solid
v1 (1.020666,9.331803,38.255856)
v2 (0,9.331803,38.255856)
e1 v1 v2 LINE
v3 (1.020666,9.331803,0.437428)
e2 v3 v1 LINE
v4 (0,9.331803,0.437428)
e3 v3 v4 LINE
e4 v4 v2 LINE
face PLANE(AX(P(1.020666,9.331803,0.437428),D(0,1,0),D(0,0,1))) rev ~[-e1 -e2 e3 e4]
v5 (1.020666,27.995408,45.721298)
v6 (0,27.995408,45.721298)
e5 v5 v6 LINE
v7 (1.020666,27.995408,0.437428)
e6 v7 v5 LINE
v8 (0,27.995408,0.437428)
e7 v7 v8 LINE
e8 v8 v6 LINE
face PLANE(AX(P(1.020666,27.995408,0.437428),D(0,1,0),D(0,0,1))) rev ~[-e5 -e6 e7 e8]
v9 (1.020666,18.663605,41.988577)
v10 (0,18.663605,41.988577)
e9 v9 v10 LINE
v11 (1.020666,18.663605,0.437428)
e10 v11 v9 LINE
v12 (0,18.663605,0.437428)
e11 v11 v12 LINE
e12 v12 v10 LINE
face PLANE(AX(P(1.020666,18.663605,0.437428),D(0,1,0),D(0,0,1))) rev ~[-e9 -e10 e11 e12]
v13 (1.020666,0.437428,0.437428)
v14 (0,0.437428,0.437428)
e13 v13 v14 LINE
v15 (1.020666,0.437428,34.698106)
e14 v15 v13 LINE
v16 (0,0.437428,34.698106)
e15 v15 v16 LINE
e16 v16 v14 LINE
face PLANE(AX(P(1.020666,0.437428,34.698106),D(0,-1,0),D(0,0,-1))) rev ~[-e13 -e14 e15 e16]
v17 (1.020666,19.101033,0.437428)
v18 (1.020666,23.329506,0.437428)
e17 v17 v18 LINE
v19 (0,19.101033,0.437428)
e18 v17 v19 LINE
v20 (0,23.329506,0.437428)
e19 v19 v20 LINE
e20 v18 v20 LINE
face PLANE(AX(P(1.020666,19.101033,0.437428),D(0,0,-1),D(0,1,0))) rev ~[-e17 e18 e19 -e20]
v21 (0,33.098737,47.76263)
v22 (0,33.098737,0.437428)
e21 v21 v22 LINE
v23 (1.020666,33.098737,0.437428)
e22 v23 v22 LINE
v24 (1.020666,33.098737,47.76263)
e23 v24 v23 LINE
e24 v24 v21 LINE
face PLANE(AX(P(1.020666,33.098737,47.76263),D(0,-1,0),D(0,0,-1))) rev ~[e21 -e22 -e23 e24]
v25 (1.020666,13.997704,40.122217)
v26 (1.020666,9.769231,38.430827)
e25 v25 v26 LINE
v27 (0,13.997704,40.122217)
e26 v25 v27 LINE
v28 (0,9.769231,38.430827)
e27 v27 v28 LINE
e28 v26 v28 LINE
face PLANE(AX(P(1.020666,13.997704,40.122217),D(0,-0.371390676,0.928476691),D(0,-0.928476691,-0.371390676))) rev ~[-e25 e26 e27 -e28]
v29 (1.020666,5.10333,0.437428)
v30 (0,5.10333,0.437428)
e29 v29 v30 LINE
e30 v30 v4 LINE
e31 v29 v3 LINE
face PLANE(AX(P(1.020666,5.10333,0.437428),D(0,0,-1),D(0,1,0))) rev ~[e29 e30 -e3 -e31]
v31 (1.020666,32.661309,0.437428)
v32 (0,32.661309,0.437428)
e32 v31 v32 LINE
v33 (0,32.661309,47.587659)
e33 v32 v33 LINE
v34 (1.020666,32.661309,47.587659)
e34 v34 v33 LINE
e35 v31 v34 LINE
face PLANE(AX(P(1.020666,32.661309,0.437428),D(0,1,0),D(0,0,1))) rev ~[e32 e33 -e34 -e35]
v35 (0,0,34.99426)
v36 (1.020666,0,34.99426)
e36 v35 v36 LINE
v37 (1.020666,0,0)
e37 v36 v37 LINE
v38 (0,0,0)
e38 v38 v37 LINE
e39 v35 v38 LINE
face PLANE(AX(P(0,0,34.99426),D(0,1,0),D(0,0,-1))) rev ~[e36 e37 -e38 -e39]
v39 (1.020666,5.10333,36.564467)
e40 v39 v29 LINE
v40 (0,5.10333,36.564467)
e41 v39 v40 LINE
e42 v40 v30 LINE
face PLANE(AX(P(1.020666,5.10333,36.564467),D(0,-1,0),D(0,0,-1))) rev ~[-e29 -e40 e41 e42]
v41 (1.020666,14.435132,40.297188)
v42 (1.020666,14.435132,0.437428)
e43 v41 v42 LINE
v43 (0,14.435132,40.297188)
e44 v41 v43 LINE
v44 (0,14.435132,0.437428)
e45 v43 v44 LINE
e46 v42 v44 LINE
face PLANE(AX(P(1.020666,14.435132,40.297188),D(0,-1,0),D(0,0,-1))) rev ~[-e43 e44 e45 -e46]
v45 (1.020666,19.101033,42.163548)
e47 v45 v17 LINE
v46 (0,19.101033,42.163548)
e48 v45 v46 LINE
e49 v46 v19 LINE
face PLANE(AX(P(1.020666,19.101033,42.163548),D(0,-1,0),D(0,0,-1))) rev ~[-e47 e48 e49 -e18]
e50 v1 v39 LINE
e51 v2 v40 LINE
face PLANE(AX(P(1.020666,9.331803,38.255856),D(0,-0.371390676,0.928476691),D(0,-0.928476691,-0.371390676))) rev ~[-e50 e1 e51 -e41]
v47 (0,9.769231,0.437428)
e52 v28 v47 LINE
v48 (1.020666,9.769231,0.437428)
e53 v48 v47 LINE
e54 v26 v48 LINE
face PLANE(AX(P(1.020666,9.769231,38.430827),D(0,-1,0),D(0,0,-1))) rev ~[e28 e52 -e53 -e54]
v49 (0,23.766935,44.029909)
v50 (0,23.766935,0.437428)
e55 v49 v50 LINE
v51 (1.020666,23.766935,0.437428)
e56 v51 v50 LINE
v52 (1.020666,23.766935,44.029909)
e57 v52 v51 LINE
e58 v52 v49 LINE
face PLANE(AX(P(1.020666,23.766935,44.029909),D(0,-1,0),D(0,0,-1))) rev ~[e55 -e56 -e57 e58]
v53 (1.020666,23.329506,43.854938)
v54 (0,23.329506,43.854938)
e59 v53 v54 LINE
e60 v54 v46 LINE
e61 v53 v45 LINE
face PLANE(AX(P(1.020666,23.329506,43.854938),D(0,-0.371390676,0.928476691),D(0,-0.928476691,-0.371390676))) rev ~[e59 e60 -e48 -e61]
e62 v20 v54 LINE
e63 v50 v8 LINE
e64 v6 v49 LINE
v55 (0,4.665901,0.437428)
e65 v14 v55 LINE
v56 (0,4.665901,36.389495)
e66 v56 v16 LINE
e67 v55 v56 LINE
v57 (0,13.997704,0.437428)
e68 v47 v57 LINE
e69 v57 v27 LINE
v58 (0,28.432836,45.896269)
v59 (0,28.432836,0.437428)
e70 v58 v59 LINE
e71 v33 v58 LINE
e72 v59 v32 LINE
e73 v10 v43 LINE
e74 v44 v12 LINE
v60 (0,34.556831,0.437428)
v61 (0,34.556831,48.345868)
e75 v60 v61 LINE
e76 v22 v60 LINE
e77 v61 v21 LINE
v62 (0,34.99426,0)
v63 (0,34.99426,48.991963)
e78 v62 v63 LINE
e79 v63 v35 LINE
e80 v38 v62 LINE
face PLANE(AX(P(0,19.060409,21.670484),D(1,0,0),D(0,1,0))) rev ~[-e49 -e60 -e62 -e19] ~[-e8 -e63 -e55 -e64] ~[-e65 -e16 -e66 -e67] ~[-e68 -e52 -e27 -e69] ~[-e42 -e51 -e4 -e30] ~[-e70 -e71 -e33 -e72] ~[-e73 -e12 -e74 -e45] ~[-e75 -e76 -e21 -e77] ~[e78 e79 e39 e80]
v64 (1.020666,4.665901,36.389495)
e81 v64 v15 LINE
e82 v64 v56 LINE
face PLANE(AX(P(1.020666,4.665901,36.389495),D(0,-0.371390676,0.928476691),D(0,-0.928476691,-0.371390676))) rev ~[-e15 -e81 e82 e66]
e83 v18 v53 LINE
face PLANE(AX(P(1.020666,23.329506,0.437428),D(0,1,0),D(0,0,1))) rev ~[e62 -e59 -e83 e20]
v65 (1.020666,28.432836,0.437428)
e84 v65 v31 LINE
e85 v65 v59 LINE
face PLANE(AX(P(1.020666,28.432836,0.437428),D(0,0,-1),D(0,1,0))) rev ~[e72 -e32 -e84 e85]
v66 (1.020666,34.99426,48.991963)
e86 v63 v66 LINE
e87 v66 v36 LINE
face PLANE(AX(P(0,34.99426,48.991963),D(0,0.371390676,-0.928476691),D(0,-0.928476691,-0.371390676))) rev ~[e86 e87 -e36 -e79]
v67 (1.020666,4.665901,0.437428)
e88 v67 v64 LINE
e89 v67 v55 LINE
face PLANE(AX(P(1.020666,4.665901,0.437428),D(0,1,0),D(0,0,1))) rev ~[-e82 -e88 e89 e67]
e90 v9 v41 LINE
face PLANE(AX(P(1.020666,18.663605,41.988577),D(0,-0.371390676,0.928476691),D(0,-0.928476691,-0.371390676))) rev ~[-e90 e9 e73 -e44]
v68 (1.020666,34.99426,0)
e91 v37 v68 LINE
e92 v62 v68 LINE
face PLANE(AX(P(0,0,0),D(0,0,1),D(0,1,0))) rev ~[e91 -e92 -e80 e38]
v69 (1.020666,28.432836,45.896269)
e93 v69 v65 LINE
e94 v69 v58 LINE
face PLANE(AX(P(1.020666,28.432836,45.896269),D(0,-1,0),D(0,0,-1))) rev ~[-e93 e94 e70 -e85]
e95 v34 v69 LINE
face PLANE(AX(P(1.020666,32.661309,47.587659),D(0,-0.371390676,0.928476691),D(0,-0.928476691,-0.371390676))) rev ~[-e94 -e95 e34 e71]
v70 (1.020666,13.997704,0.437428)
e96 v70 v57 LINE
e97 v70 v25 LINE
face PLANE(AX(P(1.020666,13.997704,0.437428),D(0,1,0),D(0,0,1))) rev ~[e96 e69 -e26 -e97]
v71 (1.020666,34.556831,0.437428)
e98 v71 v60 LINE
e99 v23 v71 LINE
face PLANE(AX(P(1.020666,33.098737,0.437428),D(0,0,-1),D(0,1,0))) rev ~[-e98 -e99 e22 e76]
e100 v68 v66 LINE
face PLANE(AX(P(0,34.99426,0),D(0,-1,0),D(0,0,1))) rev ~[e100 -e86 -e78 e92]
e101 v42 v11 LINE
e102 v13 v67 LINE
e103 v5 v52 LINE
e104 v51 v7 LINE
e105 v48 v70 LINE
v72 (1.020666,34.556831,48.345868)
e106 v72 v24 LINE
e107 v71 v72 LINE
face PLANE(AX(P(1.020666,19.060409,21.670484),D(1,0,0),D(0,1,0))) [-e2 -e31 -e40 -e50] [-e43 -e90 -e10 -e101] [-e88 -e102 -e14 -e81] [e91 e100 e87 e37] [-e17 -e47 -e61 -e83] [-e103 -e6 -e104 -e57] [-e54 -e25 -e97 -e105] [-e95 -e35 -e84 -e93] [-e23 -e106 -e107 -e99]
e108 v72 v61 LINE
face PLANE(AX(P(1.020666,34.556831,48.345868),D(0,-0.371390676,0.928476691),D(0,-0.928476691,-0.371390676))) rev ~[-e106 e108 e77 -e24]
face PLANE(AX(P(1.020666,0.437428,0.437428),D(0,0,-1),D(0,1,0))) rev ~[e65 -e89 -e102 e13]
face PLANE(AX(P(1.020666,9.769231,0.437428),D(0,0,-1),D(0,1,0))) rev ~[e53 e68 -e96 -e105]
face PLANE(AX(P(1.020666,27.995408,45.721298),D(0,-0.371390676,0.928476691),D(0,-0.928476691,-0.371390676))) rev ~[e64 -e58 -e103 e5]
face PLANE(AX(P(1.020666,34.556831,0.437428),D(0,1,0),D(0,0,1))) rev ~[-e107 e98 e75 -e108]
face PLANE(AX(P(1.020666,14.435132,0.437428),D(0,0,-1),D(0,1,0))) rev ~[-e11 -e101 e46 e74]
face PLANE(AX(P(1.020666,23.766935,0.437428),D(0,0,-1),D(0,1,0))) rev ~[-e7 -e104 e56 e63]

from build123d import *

# Parameters (mm, degrees)
F1_DEPTH = 88.9
F3_DEPTH = 88.901
F4_SCALE = 0.0114810563


with BuildPart() as f1:
    # F0 (on Right) → F1 (new body)
    with BuildSketch(Plane.YZ):
        Polygon((0, 3048), (0, 0), (3048, 0), (3048, 4267.2), align=None)
    extrude(amount=F1_DEPTH)

    # F2 (on face) → F3 (cut, through all)
    with BuildSketch(Plane.YZ.offset(88.9)):
        Polygon((406.4, 3169.5250441696), (38.1, 3022.2050441696), (38.1, 38.1), (406.4, 38.1), align=None)
        Polygon((812.8, 3332.0850441696), (444.5, 3184.7650441696), (444.5, 38.1), (812.8, 38.1), align=None)
        Polygon((1219.2, 3494.6450441696), (850.9, 3347.3250441696), (850.9, 38.1), (1219.2, 38.1), align=None)
        Polygon((1625.6, 3657.2050441696), (1257.3, 3509.8850441696), (1257.3, 38.1), (1625.6, 38.1), align=None)
        Polygon((2032, 3819.7650441696), (1663.7, 3672.4450441696), (1663.7, 38.1), (2032, 38.1), align=None)
        Polygon((2438.4, 3982.3250441696), (2070.1, 3835.0050441696), (2070.1, 38.1), (2438.4, 38.1), align=None)
        Polygon((2844.8, 4144.8850441696), (2476.5, 3997.5650441696), (2476.5, 38.1), (2844.8, 38.1), align=None)
        Polygon((3009.9, 4210.9250441696), (2882.9, 4160.1250441696), (2882.9, 38.1), (3009.9, 38.1), align=None)
    extrude(amount=-F3_DEPTH, mode=Mode.SUBTRACT)


with BuildPart() as f1_1:
    # F4: moved
    add(f1.part.scale(F4_SCALE))


solid = f1_1.part
